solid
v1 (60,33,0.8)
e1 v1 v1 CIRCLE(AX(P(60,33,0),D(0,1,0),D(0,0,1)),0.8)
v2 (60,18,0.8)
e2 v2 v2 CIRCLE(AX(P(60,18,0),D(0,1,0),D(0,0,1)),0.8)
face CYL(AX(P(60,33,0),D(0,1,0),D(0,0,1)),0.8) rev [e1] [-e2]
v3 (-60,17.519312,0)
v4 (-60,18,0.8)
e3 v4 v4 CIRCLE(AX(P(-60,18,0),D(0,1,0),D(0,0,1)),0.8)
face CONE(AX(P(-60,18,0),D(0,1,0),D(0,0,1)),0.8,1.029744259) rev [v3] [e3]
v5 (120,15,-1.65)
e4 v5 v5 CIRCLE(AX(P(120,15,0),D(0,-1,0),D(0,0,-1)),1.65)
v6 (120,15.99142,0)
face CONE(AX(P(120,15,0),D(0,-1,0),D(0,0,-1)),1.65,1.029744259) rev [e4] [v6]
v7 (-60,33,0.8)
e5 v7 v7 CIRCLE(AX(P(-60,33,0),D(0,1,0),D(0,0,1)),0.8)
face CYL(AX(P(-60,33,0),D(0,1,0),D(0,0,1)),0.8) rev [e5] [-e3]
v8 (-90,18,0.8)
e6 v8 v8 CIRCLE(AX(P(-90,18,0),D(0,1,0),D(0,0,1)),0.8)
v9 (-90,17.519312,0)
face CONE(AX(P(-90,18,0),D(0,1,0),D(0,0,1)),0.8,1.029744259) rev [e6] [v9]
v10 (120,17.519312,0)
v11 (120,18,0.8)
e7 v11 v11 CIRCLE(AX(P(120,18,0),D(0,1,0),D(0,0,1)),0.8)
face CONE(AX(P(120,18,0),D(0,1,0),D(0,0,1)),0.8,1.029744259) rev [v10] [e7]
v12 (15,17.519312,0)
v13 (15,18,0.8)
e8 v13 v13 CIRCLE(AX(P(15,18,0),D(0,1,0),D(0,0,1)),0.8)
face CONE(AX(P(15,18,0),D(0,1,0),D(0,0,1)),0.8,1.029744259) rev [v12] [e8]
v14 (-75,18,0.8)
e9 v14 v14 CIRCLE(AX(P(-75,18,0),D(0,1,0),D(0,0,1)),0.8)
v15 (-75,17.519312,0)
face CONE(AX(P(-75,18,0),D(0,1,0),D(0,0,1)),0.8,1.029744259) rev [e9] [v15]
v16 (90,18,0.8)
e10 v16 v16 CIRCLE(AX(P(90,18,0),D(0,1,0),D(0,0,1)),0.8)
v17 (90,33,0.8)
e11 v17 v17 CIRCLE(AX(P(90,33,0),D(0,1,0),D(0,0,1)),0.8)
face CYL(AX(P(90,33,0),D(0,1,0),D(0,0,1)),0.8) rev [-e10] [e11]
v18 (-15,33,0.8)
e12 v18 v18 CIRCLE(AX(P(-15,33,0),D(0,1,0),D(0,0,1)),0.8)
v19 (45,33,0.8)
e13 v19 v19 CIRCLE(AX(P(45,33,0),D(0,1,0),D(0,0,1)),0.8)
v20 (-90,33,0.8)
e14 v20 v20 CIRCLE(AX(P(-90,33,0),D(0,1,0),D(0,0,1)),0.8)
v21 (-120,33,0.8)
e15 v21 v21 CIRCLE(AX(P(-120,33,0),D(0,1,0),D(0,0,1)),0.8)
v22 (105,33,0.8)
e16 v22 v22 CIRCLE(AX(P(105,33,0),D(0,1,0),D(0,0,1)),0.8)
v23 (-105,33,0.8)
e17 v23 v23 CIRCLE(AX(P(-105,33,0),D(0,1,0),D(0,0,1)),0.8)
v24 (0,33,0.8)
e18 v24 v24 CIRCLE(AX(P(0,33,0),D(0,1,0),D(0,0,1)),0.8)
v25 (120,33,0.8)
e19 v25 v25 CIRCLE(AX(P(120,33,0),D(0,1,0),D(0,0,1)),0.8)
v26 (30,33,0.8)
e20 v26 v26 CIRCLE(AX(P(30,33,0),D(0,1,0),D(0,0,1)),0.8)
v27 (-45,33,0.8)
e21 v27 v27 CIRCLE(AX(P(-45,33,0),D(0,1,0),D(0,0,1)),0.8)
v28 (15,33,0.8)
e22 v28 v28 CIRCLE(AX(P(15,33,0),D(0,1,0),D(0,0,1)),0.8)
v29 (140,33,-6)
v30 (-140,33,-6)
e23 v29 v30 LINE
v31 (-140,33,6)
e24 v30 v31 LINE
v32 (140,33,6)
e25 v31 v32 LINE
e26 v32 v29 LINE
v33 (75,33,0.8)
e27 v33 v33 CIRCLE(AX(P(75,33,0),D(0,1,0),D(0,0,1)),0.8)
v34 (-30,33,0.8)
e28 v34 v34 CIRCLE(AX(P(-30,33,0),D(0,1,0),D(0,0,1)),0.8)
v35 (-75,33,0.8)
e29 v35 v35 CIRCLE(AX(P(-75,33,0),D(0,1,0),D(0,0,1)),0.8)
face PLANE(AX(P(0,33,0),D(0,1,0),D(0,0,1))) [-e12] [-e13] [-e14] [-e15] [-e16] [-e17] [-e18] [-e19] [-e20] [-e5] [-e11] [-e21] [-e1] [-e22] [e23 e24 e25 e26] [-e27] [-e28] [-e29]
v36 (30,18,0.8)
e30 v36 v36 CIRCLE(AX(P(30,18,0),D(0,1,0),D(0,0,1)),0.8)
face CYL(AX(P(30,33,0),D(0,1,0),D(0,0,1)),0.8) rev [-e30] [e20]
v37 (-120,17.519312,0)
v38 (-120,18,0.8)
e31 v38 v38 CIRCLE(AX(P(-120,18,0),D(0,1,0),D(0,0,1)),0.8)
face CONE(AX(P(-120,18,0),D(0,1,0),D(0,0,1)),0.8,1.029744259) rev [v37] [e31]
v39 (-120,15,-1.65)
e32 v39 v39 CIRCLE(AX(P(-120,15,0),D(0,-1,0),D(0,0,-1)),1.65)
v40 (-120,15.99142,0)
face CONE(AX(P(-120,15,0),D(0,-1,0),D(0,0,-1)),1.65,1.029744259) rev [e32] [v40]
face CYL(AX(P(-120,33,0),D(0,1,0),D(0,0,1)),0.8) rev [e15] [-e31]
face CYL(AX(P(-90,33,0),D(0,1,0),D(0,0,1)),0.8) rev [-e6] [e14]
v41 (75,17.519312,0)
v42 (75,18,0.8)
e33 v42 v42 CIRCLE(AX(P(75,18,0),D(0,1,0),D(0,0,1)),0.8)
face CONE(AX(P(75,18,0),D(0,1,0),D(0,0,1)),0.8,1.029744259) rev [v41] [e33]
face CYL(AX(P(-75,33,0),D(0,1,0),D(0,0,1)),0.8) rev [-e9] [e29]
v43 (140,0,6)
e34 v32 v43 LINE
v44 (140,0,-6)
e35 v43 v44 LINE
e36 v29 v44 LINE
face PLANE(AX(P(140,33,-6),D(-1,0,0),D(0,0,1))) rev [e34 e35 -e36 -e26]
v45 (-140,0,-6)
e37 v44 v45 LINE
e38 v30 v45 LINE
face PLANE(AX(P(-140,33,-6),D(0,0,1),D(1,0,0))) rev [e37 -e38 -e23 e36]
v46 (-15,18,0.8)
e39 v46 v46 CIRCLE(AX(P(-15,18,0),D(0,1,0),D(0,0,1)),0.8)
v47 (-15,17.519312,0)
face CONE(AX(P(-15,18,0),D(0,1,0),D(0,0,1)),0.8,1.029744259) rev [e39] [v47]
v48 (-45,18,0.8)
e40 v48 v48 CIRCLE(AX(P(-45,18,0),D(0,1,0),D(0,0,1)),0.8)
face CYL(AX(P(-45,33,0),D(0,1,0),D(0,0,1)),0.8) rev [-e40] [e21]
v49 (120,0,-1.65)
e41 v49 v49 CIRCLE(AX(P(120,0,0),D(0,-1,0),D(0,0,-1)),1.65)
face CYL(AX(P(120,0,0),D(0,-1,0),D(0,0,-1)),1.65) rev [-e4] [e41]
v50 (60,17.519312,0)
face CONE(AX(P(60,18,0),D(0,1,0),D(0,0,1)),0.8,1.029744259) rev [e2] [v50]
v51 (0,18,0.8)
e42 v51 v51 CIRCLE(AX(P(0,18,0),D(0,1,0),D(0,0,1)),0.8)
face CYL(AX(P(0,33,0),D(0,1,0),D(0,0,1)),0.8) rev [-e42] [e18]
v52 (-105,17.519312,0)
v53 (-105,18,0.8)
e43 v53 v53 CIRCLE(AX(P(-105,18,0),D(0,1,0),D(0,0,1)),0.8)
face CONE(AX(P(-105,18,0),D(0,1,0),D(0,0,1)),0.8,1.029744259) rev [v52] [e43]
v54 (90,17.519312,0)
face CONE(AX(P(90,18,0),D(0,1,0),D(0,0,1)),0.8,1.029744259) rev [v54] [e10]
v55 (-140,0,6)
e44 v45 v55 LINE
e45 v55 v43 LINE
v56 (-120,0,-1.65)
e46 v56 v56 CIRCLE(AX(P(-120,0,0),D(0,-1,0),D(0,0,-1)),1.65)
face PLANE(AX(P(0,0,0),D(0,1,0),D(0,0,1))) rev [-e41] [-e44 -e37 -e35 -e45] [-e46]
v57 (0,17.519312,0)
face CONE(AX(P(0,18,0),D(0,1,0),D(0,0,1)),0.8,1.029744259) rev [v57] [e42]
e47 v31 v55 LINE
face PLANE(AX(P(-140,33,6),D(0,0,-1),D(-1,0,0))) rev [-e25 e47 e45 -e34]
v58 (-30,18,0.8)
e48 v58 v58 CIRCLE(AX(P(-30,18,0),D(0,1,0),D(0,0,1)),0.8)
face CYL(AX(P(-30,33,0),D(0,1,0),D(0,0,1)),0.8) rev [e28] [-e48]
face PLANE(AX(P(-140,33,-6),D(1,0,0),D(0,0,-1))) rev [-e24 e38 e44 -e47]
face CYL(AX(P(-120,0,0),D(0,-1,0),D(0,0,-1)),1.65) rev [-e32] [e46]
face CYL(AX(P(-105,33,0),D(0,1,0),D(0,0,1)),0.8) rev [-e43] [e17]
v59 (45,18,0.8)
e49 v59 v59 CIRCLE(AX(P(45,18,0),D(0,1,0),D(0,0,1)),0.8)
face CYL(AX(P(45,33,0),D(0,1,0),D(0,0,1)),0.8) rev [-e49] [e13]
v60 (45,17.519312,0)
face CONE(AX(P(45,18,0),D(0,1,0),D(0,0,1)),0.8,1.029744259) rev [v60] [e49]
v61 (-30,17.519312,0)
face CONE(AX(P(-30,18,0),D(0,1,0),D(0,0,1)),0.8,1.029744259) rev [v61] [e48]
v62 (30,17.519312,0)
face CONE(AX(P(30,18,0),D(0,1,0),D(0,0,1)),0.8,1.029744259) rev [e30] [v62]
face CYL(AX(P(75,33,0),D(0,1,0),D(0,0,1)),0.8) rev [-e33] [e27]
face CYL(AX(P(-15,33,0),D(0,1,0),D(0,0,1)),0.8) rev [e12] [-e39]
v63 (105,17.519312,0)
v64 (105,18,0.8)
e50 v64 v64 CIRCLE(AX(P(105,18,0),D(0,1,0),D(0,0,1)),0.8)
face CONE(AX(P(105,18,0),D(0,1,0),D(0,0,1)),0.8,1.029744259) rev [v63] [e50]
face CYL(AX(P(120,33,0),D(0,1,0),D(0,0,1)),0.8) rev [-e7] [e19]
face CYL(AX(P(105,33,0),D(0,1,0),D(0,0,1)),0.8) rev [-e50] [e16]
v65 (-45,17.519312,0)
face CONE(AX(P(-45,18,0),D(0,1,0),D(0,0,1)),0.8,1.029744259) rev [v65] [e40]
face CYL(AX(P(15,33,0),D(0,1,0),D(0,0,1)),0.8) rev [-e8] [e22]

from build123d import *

# Parameters (mm, degrees)
SKETCH1_W             = 280
SKETCH1_H             = 12
BOSS_EXTRUDE1_DEPTH   = 33
LPATTERN1_COUNT       = 9
LPATTERN1_PITCH       = 15
LPATTERN1_COL_COUNT   = 9
LPATTERN1_COL_PITCH   = 15
M4_TAPPED_HOLE1_D     = 3.3
M4_TAPPED_HOLE1_DEPTH = 15
M4_TAPPED_HOLE1_TIP   = 0.991420021


with BuildPart() as part:
    # Sketch1 → Boss-Extrude1 (new body)
    with BuildSketch(Plane(origin=(0, 0, 0), x_dir=(1, 0, 0), z_dir=(0, 1, 0))):
        Rectangle(SKETCH1_W, SKETCH1_H)
    extrude(amount=BOSS_EXTRUDE1_DEPTH)

    # Sketch4 → M2 Tapped Hole1 (revolve, cut)
    with BuildSketch(Plane(origin=(0, 33, 0), x_dir=(0, 0, 1), z_dir=(1, 0, 0))):
        Polygon((0, 0), (0, 15.480688495), (0.8, 15), (0.8, 0), align=None)
    m2_tapped_hole1 = revolve(axis=Axis((0, 39.35, 0), (0, -1, 0)), mode=Mode.SUBTRACT)

    # LPattern1: M2 Tapped Hole1 ×9
    with Locations(*[(i * LPATTERN1_PITCH, 0, 0) for i in range(1, LPATTERN1_COUNT)]):
        add(m2_tapped_hole1, mode=Mode.SUBTRACT)

    # LPattern1 col: M2 Tapped Hole1 ×9
    with Locations(*[(-i * LPATTERN1_COL_PITCH, 0, 0) for i in range(1, LPATTERN1_COL_COUNT)]):
        add(m2_tapped_hole1, mode=Mode.SUBTRACT)

    # M4 Tapped Hole1
    with Locations(Plane(origin=(0, 0, 0), x_dir=(-1, 0, 0), z_dir=(0, -1, 0))):
        with Locations((-120, 0), (120, 0)):
            Hole(M4_TAPPED_HOLE1_D / 2, depth=M4_TAPPED_HOLE1_DEPTH)
            with Locations((0, 0, -(M4_TAPPED_HOLE1_DEPTH + M4_TAPPED_HOLE1_TIP / 2))):  # 118° drill point
                Cone(0, M4_TAPPED_HOLE1_D / 2, M4_TAPPED_HOLE1_TIP, mode=Mode.SUBTRACT)


solid = part.part
